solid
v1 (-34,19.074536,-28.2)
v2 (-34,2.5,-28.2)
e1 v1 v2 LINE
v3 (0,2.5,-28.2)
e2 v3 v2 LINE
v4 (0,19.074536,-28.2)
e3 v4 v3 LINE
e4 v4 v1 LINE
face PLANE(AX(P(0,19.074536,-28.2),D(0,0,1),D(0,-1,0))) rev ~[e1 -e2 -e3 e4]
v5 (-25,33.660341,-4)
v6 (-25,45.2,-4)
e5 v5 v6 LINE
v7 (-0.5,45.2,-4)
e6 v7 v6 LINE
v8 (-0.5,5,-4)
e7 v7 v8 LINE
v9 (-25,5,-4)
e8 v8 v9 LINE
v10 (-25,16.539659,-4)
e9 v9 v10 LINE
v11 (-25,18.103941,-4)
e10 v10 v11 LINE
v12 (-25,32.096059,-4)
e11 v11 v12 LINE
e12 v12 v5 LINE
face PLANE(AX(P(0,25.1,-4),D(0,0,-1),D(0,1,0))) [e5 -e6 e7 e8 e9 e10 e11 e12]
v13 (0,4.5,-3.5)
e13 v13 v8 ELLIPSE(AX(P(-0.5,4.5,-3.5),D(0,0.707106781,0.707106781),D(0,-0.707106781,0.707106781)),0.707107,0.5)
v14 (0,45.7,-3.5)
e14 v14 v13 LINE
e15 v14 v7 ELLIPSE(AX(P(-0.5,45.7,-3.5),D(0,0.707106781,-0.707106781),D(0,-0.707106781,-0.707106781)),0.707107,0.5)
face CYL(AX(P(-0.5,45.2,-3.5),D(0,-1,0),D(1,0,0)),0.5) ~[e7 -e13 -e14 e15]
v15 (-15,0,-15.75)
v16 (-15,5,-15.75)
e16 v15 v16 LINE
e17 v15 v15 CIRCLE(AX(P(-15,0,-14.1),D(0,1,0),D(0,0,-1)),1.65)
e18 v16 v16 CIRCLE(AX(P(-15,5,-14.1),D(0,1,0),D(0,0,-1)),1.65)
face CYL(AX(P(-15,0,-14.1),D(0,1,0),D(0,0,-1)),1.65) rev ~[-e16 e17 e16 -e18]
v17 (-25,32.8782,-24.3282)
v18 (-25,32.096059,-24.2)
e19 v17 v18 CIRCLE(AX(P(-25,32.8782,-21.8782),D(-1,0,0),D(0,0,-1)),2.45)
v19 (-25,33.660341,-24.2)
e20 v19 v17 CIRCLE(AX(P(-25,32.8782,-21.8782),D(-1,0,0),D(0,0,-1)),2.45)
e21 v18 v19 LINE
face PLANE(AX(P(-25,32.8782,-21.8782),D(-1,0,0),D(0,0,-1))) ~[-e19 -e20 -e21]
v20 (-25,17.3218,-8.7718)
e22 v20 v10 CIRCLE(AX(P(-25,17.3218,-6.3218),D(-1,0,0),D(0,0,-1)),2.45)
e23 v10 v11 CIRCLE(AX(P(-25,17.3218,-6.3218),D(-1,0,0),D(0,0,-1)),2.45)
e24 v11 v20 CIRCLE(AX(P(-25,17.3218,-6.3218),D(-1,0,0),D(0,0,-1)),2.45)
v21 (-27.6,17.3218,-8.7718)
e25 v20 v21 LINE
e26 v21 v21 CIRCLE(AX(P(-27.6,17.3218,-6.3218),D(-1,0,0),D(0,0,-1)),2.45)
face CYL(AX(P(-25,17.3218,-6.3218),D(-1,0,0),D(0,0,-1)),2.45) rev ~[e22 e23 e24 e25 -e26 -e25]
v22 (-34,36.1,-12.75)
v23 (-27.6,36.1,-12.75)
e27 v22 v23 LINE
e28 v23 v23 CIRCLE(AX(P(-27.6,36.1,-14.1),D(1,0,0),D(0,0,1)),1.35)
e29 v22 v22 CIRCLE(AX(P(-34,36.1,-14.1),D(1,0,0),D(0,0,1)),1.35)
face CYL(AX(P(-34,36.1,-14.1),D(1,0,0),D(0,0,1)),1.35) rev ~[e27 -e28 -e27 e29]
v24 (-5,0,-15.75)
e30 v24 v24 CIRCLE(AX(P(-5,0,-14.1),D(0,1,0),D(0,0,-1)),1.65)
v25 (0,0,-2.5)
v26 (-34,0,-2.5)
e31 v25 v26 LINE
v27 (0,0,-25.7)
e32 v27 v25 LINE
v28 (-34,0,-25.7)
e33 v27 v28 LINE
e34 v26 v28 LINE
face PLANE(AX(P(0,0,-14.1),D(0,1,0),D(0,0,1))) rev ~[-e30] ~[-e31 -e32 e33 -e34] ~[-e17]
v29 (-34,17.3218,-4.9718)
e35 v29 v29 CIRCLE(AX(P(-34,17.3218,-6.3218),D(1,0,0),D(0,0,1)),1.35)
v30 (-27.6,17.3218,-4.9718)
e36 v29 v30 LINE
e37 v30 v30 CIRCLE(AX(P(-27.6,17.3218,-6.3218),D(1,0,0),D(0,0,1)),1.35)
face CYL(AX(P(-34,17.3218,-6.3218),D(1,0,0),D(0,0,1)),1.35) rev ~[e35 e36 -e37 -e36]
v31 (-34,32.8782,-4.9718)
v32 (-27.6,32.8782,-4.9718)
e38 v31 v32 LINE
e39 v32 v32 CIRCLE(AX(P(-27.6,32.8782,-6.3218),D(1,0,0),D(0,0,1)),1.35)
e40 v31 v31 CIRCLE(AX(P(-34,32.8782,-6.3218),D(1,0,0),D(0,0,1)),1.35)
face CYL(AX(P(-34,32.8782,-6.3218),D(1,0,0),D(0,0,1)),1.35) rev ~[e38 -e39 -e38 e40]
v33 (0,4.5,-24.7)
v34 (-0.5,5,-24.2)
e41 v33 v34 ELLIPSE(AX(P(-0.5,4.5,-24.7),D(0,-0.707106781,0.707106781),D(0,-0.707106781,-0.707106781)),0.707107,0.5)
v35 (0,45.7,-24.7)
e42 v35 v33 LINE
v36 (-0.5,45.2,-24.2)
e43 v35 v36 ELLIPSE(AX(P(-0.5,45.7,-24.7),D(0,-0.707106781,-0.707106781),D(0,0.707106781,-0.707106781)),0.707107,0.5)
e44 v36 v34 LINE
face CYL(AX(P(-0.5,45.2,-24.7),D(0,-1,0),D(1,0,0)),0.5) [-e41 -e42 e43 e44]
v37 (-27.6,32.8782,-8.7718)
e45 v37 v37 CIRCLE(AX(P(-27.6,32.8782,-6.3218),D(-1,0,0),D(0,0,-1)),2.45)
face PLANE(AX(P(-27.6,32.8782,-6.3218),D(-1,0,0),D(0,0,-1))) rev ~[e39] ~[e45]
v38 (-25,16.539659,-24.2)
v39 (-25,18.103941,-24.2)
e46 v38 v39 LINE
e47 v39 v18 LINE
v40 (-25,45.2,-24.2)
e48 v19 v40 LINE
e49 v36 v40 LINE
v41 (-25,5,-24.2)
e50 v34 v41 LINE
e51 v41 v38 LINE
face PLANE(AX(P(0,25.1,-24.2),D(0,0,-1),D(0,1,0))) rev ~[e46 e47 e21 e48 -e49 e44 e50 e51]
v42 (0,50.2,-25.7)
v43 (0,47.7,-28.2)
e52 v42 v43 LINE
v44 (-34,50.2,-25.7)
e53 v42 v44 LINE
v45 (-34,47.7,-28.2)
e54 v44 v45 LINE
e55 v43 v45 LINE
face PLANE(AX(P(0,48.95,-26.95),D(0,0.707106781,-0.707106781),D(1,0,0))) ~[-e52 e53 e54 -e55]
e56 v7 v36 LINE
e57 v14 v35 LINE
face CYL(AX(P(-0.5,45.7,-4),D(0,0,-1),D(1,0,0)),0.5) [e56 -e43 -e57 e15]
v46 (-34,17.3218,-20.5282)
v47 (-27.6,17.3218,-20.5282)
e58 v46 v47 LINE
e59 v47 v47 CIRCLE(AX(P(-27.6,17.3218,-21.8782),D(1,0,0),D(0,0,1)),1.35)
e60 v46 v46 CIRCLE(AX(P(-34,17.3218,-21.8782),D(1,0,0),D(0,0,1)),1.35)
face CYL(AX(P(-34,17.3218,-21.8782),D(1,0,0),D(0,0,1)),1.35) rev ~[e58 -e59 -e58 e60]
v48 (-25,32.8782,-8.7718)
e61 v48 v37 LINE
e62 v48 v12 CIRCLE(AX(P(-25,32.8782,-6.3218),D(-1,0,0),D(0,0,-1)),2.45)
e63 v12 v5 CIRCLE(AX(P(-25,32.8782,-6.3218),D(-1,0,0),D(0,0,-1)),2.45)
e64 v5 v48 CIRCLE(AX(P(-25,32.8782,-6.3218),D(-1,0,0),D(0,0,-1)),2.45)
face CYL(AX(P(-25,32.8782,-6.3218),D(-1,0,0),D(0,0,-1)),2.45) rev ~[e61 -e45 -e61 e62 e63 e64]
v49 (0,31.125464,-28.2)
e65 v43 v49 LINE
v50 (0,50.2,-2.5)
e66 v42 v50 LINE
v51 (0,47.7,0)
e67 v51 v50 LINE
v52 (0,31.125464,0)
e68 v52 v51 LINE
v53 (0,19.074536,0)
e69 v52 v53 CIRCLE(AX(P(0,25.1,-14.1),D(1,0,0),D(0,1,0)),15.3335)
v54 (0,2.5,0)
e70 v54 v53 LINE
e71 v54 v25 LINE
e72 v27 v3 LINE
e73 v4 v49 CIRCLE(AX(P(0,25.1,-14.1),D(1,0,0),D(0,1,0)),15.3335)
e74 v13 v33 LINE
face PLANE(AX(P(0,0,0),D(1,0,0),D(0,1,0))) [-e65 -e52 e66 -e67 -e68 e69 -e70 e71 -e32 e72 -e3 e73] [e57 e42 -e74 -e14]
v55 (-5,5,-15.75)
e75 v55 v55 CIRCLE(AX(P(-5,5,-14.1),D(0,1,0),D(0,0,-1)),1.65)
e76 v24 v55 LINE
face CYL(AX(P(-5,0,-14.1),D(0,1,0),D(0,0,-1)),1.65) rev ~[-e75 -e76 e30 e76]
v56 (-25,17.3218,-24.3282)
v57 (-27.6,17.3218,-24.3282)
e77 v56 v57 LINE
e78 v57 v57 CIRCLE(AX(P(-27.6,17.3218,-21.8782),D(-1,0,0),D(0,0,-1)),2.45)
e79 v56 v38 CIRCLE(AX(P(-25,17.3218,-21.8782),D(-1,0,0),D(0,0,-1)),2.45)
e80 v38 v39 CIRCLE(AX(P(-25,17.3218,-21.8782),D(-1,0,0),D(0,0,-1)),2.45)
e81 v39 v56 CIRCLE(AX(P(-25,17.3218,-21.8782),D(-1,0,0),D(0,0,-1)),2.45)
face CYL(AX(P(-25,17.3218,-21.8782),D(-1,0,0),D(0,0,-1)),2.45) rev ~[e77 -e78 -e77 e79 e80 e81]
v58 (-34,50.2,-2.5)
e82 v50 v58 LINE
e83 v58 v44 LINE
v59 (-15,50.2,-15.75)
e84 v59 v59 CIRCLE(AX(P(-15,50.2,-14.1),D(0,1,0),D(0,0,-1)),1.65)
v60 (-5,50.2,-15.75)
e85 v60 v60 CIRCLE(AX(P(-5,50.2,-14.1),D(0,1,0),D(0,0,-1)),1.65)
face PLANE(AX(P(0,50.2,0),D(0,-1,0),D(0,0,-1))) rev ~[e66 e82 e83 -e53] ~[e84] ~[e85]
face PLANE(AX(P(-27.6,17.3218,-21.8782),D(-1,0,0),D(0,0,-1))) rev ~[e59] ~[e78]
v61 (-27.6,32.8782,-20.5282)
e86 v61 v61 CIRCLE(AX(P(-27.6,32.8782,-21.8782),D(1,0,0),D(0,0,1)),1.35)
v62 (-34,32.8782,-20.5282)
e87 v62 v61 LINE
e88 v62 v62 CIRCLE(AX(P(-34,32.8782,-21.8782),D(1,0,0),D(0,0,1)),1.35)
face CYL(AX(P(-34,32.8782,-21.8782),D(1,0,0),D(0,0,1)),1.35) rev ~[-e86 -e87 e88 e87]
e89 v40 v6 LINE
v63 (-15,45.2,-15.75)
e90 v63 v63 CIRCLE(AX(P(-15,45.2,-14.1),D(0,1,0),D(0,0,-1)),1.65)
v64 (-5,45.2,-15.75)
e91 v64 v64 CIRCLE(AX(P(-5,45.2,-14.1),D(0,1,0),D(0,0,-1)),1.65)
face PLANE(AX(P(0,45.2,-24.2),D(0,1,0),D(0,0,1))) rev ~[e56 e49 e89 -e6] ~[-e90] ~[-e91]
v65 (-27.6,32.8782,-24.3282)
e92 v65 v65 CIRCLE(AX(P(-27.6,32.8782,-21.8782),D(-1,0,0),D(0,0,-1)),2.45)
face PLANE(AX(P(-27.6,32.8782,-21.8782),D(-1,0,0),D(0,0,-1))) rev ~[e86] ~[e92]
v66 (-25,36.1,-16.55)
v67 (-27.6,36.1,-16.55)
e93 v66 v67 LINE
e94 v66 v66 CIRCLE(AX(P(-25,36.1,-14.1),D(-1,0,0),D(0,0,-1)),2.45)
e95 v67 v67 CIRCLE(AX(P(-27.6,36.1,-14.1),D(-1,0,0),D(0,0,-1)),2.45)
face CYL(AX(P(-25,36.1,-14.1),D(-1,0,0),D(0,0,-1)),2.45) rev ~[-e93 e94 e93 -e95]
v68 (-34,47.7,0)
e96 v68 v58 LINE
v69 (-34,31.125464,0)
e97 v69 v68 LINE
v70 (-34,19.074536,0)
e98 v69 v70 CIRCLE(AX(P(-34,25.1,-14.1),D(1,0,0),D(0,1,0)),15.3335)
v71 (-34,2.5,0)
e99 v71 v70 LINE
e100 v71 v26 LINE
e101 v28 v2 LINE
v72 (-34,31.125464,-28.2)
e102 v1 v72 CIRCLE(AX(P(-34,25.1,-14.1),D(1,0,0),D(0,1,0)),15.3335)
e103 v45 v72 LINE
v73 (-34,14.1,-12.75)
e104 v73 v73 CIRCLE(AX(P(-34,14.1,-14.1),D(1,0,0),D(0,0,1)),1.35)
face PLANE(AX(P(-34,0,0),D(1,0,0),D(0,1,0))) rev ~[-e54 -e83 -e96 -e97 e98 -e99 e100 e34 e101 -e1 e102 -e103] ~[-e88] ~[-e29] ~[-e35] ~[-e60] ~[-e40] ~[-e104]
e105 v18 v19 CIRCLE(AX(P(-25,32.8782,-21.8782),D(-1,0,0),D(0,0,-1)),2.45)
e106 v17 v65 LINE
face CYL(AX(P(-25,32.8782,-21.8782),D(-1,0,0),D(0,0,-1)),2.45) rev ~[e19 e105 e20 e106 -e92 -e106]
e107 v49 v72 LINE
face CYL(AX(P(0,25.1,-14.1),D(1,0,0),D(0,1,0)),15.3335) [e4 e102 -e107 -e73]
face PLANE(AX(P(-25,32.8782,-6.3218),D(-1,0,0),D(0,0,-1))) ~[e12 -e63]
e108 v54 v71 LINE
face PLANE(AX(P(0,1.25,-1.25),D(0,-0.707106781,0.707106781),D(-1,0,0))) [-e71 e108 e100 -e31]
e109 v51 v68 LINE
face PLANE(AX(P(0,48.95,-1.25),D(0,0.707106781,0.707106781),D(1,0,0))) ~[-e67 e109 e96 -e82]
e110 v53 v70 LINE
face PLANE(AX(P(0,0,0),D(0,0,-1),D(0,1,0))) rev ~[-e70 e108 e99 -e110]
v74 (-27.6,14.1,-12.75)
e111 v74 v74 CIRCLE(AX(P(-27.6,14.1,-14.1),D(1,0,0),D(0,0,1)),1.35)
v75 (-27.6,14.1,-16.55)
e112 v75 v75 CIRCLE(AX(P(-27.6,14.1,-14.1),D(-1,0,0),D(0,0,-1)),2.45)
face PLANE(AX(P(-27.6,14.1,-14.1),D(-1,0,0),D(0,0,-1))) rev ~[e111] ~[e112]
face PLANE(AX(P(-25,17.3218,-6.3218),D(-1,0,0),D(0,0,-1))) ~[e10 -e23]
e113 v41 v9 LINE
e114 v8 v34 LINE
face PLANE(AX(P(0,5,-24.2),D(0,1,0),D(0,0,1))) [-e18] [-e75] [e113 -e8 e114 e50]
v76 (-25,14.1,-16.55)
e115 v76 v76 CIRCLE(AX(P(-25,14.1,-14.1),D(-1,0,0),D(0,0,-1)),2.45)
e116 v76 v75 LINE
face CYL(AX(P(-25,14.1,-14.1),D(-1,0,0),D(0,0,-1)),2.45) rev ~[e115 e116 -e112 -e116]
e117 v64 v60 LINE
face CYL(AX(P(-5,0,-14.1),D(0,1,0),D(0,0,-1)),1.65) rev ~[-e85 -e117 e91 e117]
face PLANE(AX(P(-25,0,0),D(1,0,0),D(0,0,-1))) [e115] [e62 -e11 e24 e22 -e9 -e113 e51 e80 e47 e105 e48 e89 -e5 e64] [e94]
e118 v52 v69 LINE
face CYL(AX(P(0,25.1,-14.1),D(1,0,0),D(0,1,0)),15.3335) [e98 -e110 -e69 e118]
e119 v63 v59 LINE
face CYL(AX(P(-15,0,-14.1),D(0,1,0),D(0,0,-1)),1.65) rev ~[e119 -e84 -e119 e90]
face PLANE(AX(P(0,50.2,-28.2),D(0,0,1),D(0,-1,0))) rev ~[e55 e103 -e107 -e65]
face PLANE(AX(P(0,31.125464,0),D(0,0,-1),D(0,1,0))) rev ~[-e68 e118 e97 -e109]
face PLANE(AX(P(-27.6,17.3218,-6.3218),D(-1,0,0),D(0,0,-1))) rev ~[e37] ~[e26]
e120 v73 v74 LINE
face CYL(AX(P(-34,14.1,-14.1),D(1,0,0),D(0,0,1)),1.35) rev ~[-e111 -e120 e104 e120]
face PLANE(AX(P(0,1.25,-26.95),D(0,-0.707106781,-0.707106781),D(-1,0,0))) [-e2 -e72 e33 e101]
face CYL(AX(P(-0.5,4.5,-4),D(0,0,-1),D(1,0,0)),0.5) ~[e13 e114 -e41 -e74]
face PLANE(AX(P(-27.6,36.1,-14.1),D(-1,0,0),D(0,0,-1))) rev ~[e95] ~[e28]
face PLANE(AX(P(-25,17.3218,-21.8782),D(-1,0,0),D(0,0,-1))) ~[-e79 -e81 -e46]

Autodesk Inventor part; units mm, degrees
ref_plane "YZ Plane" through (0, 0, 0) normal (1, 0, 0) x (0, 1, 0)
ref_plane "XZ Plane" through (0, 0, 0) normal (0, 1, 0) x (-1, 0, 0)
ref_plane "XY Plane" through (0, 0, 0) normal (0, 0, 1) x (1, 0, 0)
sketch "スケッチ1" plane through (0, 0, 0) normal (1, 0, 0) x (0, 1, 0)
  line L0 (0, 0) -> (50.2, 0)
  line L1 (50.2, 0) -> (50.2, -28.2)
  line L2 (50.2, -28.2) -> (0, -28.2)
  line L3 (0, -28.2) -> (0, 0)
  line L4 (50.2, -14.1) -> (0, -14.1)
  line L5 (25.1, -28.2) -> (25.1, 0)
  circle A0 centre (25.1, -14.1) radius 15.3335
  point P0 (19.0745, 0)
  point P1 (19.0745, -28.2)
  point P2 (31.1255, -28.2)
  point P3 (31.1255, 0)
  dimension "d0" = 50.2
  dimension "d1" = 28.2
  dimension "d2" = 30.667
extrude "押し出し1" add sketch "スケッチ1" against normal blind 34
chamfer "面取り1" distance 2.5 angle 45 4 edges at (-17, 50.2, 0) (-17, 50.2, -28.2) (-17, 0, 0) (-17, 0, -28.2)
sketch "スケッチ2" plane through (-34, 0, 0) normal (-1, 0, 0) x (0, 0, 1)
  arc A0 (-28.2, 31.1255) -> (-28.2, 19.0745) centre (-14.1, 25.1) ccw projected
  circle A1 centre (-14.1, 25.1) radius 19.5
  point P0 (0, 0)
  dimension "d8" = 39
extrude "押し出し2" [suppressed]
sketch "スケッチ3" plane through (-36.375, 22.6, -13.1) normal (-1, 0, 0) x (0, 0, 1)
  arc A0 (-13.1, -14.4444) -> (13.1, -14.4444) centre (0, 0) ccw projected
  circle A1 centre (0, 0) radius 23
  point P0 (13.1, -22.6)
  dimension "d11" = 46
extrude "押し出し3" [suppressed]
sketch "スケッチ4" plane through (-42.675, 22.6, -13.1) normal (-1, 0, 0) x (0, 0, 1)
  circle A0 centre (0, 0) radius 23 projected
  line L0 (0, 0) -> (19.85, 0)
  line L1 (19.85, 0) -> (19.85, 16.35)
  line L2 (19.85, 16.35) -> (0, 16.35)
  line L3 (0, 16.35) -> (0, 0)
  line L4 (10.6, 22.6) -> (-10.6, 22.6) projected
  line L5 (19.85, 0) -> (0, 0)
  line L6 (0, 0) -> (0, -14.35)
  line L7 (0, -14.35) -> (19.85, -14.35)
  line L8 (19.85, -14.35) -> (19.85, 0)
  line L9 (-19.85, 0) -> (-19.85, 16.35)
  line L10 (-19.85, 16.35) -> (0, 16.35)
  line L11 (0, -14.35) -> (-19.85, -14.35)
  line L12 (-19.85, -14.35) -> (-19.85, 0)
  point P0 (13.1, -22.6)
  point P1 (17.9744, -14.35)
  point P2 (19.85, -11.618)
  point P3 (19.85, 11.618)
  point P4 (16.1764, 16.35)
  point P5 (-16.1764, 16.35)
  point P6 (-19.85, 11.618)
  point P7 (-19.85, -11.618)
  point P8 (-17.9744, -14.35)
  dimension "d14" = 6.25
  dimension "d16" = 19.85
  dimension "d17" = 30.7
extrude "押し出し4" [suppressed]
sketch "スケッチ5" plane through (-47.675, 22.6, -13.1) normal (-1, 0, 0) x (0, 0, 1)
  line L0 (-16.1764, 16.35) -> (16.1764, 16.35) projected
  line L1 (0, 16.35) -> (0, -14.35)
  line L2 (17.9744, -14.35) -> (-17.9744, -14.35) projected
  line L3 (0, -14.35) -> (16.75, -14.35)
  line L4 (16.75, -14.35) -> (16.75, 13.35)
  line L5 (16.75, 13.35) -> (0, 13.35)
  line L6 (0, 13.35) -> (0, -14.35)
  line L7 (19.85, -11.618) -> (19.85, 11.618) projected
  line L8 (-16.75, -14.35) -> (-16.75, 13.35)
  line L9 (-16.75, 13.35) -> (0, 13.35)
  point P0 (13.1, -22.6)
  point P1 (19.85, -14.35)
  point P2 (19.85, 16.35)
  point P3 (-16.75, -14.35)
  dimension "d20" = 3
  dimension "d21" = 3.1
extrude "押し出し5" [suppressed]
sketch "スケッチ6" plane through (0, 0, 0) normal (1, 0, 0) x (0, 0, -1)
  line L0 (2.5, 50.2) -> (25.7, 50.2) projected
  line L1 (14.1, 50.2) -> (14.1, 0)
  line L2 (2.5, 0) -> (25.7, 0) projected
  arc A0 (0, 31.1255) -> (0, 19.0745) centre (14.1, 25.1) ccw projected
  line L3 (14.1, 25.1) -> (29.4335, 25.1)
  arc A1 (28.2, 19.0745) -> (28.2, 31.1255) centre (14.1, 25.1) ccw projected
  line L4 (14.1, 25.1) -> (24.2, 25.1)
  line L5 (24.2, 25.1) -> (24.2, 45.2)
  line L6 (24.2, 45.2) -> (14.1, 45.2)
  line L7 (14.1, 45.2) -> (14.1, 25.1)
  line L8 (24.2, 25.1) -> (24.2, 5)
  line L9 (24.2, 5) -> (14.1, 5)
  line L10 (4, 25.1) -> (4, 45.2)
  line L11 (4, 45.2) -> (14.1, 45.2)
  line L12 (4, 5) -> (14.1, 5)
  line L13 (4, 25.1) -> (4, 5)
  point P0 (0, 0)
  dimension "d24" = 20.1
  dimension "d25" = 10.1
extrude "押し出し6" cut sketch "スケッチ6" against normal blind 25
sketch "スケッチ7" plane through (-42.675, 22.6, -13.1) normal (-1, 0, 0) x (0, 0, 1)
  circle A0 centre (0, -0.4) radius 13
  line L0 (-16.75, 13.35) -> (16.75, 13.35) projected
  line L1 (0, 13.35) -> (0, -0.4)
  point P0 (13.1, -22.6)
  dimension "d28" = 26
  dimension "d29" = 13.75
extrude "押し出し7" [suppressed]
sketch "スケッチ8" plane through (-40.175, 22.2, -13.1) normal (-1, 0, 0) x (0, 0, 1)
  circle A0 centre (0, 0) radius 5
  point P0 (13.1, -22.2)
  dimension "d32" = 10
extrude "押し出し8" [suppressed]
sketch "スケッチ9" plane through (-40.175, 22.2, -13.1) normal (-1, 0, 0) x (0, 0, 1)
  circle A0 centre (0, 0) radius 11
  circle A1 centre (0, 0) radius 13 projected
  point P0 (13.1, -22.2)
  point P1 (0, 11)
  point P2 (-7.7782, 7.7782)
  point P3 (-11, 0)
  point P4 (-7.7782, -7.7782)
  point P5 (0, -11)
  point P6 (7.7782, -7.7782)
  point P7 (11, 0)
  point P8 (7.7782, 7.7782)
  dimension "d35" = 22
  dimension "d38" = 360
hole "穴1" [suppressed]
sketch "スケッチ11" plane through (-37.875, 22.2, -13.1) normal (-1, 0, 0) x (0, 0, 1)
  circle A0 centre (0, 0) radius 5 projected
  point P0 (13.1, -22.2)
hole "穴2" [suppressed]
sketch "スケッチ12" plane through (-25, 0, 0) normal (1, 0, 0) x (0, 0, -1)
  circle A0 centre (13.1, 22.2) radius 1.55 projected
  circle A1 centre (13.1, 22.2) radius 3
  point P0 (0, 0)
  dimension "d57" = 6
extrude "押し出し10" [suppressed]
sketch "スケッチ13" plane through (-25, 0, 0) normal (1, 0, 0) x (0, 0, -1)
  circle A0 centre (5.3218, 29.9782) radius 1.25 projected
  circle A1 centre (5.3218, 29.9782) radius 2.25
  circle A2 centre (20.8782, 29.9782) radius 1.25 projected
  circle A3 centre (20.8782, 29.9782) radius 2.25
  circle A4 centre (5.3218, 14.4218) radius 1.25 projected
  circle A5 centre (5.3218, 14.4218) radius 2.25
  circle A6 centre (20.8782, 14.4218) radius 1.25 projected
  circle A7 centre (20.8782, 14.4218) radius 2.25
  point P0 (0, 0)
  dimension "d60" = 4.5
  dimension "d61" = 4.5
  dimension "d62" = 4.5
  dimension "d63" = 4.5
extrude "押し出し11" [suppressed]
sketch "スケッチ14" plane through (-25, 0, 0) normal (1, 0, 0) x (0, 0, -1)
  line L0 (4, 45.2) -> (24.2, 45.2) projected
  line L1 (14.1, 45.2) -> (14.1, 5)
  line L2 (24.2, 5) -> (4, 5) projected
  point P0 (0, 0)
  point P1 (14.1, 15.1)
  point P2 (14.1, 25.1)
  point P3 (14.1, 35.1)
  dimension "d66" = 10
  dimension "d67" = 10
hole "穴3" [suppressed]
sketch "スケッチ15" plane through (-40.175, 22.2, -13.1) normal (-1, 0, 0) x (0, 0, 1)
  point P0 (13.1, -22.2)
sketch "スケッチ16" plane through (-34, 0, 0) normal (-1, 0, 0) x (0, 0, 1)
  arc A0 (-28.2, 31.1255) -> (-28.2, 19.0745) centre (-14.1, 25.1) ccw projected
  circle A1 centre (-14.1, 25.1) radius 11
  point P0 (0, 0)
  point P1 (-14.1, 36.1)
  point P2 (-6.3218, 32.8782)
  point P3 (-3.1, 25.1)
  point P4 (-6.3218, 17.3218)
  point P5 (-14.1, 14.1)
  point P6 (-21.8782, 17.3218)
  point P7 (-25.1, 25.1)
  point P8 (-21.8782, 32.8782)
  dimension "d75" = 22
  dimension "d78" = 360
hole "穴4" at (-34, 32.8782, -21.8782) at (-34, 36.1, -14.1) at (-34, 32.8782, -6.3218) at (-34, 17.3218, -6.3218) at (-34, 14.1, -14.1) at (-34, 17.3218, -21.8782) direction (1, 0, 0) diameter 2.7 end through all
sketch "スケッチ17" plane through (-25, 0, 0) normal (1, 0, 0) x (0, 0, -1)
  circle A0 centre (14.1, 36.1) radius 1.35 projected
  circle A1 centre (6.3218, 32.8782) radius 1.35 projected
  circle A2 centre (21.8782, 32.8782) radius 1.35 projected
  circle A3 centre (21.8782, 17.3218) radius 1.35 projected
  circle A4 centre (14.1, 14.1) radius 1.35 projected
  circle A5 centre (6.3218, 17.3218) radius 1.35 projected
  point P0 (0, 0)
hole "穴5" at (-25, 36.1, -14.1) at (-25, 32.8782, -6.3218) at (-25, 32.8782, -21.8782) at (-25, 17.3218, -21.8782) at (-25, 14.1, -14.1) at (-25, 17.3218, -6.3218) direction (-1, 0, 0) diameter 4.9 depth 2.6
sketch "スケッチ18" plane through (0, 0, -25.7) normal (0, -1, 0) x (1, 0, 0)
  line L0 (-34, 0) -> (0, 0) projected
  line L1 (-15, 0) -> (-15, 23.2)
  line L2 (0, 23.2) -> (-34, 23.2) projected
  line L3 (-25, 1.5) -> (-25, 21.7) projected
  line L4 (-5, 0) -> (-5, 23.2)
  line L5 (-5, 11.6) -> (-15, 11.6)
  point P0 (0, 25.7)
  dimension "d94" = 10
  dimension "d95" = 10
hole "穴6" at (-15, 0, -14.1) at (-5, 0, -14.1) direction (0, 1, 0) diameter 3.3 end through all
fillet "フィレット1" radius 0.5 4 edges at (0, 45.2, -14.1) (0, 25.1, -4) (0, 25.1, -24.2) (0, 5, -14.1)
properties part number "connectpart1"
